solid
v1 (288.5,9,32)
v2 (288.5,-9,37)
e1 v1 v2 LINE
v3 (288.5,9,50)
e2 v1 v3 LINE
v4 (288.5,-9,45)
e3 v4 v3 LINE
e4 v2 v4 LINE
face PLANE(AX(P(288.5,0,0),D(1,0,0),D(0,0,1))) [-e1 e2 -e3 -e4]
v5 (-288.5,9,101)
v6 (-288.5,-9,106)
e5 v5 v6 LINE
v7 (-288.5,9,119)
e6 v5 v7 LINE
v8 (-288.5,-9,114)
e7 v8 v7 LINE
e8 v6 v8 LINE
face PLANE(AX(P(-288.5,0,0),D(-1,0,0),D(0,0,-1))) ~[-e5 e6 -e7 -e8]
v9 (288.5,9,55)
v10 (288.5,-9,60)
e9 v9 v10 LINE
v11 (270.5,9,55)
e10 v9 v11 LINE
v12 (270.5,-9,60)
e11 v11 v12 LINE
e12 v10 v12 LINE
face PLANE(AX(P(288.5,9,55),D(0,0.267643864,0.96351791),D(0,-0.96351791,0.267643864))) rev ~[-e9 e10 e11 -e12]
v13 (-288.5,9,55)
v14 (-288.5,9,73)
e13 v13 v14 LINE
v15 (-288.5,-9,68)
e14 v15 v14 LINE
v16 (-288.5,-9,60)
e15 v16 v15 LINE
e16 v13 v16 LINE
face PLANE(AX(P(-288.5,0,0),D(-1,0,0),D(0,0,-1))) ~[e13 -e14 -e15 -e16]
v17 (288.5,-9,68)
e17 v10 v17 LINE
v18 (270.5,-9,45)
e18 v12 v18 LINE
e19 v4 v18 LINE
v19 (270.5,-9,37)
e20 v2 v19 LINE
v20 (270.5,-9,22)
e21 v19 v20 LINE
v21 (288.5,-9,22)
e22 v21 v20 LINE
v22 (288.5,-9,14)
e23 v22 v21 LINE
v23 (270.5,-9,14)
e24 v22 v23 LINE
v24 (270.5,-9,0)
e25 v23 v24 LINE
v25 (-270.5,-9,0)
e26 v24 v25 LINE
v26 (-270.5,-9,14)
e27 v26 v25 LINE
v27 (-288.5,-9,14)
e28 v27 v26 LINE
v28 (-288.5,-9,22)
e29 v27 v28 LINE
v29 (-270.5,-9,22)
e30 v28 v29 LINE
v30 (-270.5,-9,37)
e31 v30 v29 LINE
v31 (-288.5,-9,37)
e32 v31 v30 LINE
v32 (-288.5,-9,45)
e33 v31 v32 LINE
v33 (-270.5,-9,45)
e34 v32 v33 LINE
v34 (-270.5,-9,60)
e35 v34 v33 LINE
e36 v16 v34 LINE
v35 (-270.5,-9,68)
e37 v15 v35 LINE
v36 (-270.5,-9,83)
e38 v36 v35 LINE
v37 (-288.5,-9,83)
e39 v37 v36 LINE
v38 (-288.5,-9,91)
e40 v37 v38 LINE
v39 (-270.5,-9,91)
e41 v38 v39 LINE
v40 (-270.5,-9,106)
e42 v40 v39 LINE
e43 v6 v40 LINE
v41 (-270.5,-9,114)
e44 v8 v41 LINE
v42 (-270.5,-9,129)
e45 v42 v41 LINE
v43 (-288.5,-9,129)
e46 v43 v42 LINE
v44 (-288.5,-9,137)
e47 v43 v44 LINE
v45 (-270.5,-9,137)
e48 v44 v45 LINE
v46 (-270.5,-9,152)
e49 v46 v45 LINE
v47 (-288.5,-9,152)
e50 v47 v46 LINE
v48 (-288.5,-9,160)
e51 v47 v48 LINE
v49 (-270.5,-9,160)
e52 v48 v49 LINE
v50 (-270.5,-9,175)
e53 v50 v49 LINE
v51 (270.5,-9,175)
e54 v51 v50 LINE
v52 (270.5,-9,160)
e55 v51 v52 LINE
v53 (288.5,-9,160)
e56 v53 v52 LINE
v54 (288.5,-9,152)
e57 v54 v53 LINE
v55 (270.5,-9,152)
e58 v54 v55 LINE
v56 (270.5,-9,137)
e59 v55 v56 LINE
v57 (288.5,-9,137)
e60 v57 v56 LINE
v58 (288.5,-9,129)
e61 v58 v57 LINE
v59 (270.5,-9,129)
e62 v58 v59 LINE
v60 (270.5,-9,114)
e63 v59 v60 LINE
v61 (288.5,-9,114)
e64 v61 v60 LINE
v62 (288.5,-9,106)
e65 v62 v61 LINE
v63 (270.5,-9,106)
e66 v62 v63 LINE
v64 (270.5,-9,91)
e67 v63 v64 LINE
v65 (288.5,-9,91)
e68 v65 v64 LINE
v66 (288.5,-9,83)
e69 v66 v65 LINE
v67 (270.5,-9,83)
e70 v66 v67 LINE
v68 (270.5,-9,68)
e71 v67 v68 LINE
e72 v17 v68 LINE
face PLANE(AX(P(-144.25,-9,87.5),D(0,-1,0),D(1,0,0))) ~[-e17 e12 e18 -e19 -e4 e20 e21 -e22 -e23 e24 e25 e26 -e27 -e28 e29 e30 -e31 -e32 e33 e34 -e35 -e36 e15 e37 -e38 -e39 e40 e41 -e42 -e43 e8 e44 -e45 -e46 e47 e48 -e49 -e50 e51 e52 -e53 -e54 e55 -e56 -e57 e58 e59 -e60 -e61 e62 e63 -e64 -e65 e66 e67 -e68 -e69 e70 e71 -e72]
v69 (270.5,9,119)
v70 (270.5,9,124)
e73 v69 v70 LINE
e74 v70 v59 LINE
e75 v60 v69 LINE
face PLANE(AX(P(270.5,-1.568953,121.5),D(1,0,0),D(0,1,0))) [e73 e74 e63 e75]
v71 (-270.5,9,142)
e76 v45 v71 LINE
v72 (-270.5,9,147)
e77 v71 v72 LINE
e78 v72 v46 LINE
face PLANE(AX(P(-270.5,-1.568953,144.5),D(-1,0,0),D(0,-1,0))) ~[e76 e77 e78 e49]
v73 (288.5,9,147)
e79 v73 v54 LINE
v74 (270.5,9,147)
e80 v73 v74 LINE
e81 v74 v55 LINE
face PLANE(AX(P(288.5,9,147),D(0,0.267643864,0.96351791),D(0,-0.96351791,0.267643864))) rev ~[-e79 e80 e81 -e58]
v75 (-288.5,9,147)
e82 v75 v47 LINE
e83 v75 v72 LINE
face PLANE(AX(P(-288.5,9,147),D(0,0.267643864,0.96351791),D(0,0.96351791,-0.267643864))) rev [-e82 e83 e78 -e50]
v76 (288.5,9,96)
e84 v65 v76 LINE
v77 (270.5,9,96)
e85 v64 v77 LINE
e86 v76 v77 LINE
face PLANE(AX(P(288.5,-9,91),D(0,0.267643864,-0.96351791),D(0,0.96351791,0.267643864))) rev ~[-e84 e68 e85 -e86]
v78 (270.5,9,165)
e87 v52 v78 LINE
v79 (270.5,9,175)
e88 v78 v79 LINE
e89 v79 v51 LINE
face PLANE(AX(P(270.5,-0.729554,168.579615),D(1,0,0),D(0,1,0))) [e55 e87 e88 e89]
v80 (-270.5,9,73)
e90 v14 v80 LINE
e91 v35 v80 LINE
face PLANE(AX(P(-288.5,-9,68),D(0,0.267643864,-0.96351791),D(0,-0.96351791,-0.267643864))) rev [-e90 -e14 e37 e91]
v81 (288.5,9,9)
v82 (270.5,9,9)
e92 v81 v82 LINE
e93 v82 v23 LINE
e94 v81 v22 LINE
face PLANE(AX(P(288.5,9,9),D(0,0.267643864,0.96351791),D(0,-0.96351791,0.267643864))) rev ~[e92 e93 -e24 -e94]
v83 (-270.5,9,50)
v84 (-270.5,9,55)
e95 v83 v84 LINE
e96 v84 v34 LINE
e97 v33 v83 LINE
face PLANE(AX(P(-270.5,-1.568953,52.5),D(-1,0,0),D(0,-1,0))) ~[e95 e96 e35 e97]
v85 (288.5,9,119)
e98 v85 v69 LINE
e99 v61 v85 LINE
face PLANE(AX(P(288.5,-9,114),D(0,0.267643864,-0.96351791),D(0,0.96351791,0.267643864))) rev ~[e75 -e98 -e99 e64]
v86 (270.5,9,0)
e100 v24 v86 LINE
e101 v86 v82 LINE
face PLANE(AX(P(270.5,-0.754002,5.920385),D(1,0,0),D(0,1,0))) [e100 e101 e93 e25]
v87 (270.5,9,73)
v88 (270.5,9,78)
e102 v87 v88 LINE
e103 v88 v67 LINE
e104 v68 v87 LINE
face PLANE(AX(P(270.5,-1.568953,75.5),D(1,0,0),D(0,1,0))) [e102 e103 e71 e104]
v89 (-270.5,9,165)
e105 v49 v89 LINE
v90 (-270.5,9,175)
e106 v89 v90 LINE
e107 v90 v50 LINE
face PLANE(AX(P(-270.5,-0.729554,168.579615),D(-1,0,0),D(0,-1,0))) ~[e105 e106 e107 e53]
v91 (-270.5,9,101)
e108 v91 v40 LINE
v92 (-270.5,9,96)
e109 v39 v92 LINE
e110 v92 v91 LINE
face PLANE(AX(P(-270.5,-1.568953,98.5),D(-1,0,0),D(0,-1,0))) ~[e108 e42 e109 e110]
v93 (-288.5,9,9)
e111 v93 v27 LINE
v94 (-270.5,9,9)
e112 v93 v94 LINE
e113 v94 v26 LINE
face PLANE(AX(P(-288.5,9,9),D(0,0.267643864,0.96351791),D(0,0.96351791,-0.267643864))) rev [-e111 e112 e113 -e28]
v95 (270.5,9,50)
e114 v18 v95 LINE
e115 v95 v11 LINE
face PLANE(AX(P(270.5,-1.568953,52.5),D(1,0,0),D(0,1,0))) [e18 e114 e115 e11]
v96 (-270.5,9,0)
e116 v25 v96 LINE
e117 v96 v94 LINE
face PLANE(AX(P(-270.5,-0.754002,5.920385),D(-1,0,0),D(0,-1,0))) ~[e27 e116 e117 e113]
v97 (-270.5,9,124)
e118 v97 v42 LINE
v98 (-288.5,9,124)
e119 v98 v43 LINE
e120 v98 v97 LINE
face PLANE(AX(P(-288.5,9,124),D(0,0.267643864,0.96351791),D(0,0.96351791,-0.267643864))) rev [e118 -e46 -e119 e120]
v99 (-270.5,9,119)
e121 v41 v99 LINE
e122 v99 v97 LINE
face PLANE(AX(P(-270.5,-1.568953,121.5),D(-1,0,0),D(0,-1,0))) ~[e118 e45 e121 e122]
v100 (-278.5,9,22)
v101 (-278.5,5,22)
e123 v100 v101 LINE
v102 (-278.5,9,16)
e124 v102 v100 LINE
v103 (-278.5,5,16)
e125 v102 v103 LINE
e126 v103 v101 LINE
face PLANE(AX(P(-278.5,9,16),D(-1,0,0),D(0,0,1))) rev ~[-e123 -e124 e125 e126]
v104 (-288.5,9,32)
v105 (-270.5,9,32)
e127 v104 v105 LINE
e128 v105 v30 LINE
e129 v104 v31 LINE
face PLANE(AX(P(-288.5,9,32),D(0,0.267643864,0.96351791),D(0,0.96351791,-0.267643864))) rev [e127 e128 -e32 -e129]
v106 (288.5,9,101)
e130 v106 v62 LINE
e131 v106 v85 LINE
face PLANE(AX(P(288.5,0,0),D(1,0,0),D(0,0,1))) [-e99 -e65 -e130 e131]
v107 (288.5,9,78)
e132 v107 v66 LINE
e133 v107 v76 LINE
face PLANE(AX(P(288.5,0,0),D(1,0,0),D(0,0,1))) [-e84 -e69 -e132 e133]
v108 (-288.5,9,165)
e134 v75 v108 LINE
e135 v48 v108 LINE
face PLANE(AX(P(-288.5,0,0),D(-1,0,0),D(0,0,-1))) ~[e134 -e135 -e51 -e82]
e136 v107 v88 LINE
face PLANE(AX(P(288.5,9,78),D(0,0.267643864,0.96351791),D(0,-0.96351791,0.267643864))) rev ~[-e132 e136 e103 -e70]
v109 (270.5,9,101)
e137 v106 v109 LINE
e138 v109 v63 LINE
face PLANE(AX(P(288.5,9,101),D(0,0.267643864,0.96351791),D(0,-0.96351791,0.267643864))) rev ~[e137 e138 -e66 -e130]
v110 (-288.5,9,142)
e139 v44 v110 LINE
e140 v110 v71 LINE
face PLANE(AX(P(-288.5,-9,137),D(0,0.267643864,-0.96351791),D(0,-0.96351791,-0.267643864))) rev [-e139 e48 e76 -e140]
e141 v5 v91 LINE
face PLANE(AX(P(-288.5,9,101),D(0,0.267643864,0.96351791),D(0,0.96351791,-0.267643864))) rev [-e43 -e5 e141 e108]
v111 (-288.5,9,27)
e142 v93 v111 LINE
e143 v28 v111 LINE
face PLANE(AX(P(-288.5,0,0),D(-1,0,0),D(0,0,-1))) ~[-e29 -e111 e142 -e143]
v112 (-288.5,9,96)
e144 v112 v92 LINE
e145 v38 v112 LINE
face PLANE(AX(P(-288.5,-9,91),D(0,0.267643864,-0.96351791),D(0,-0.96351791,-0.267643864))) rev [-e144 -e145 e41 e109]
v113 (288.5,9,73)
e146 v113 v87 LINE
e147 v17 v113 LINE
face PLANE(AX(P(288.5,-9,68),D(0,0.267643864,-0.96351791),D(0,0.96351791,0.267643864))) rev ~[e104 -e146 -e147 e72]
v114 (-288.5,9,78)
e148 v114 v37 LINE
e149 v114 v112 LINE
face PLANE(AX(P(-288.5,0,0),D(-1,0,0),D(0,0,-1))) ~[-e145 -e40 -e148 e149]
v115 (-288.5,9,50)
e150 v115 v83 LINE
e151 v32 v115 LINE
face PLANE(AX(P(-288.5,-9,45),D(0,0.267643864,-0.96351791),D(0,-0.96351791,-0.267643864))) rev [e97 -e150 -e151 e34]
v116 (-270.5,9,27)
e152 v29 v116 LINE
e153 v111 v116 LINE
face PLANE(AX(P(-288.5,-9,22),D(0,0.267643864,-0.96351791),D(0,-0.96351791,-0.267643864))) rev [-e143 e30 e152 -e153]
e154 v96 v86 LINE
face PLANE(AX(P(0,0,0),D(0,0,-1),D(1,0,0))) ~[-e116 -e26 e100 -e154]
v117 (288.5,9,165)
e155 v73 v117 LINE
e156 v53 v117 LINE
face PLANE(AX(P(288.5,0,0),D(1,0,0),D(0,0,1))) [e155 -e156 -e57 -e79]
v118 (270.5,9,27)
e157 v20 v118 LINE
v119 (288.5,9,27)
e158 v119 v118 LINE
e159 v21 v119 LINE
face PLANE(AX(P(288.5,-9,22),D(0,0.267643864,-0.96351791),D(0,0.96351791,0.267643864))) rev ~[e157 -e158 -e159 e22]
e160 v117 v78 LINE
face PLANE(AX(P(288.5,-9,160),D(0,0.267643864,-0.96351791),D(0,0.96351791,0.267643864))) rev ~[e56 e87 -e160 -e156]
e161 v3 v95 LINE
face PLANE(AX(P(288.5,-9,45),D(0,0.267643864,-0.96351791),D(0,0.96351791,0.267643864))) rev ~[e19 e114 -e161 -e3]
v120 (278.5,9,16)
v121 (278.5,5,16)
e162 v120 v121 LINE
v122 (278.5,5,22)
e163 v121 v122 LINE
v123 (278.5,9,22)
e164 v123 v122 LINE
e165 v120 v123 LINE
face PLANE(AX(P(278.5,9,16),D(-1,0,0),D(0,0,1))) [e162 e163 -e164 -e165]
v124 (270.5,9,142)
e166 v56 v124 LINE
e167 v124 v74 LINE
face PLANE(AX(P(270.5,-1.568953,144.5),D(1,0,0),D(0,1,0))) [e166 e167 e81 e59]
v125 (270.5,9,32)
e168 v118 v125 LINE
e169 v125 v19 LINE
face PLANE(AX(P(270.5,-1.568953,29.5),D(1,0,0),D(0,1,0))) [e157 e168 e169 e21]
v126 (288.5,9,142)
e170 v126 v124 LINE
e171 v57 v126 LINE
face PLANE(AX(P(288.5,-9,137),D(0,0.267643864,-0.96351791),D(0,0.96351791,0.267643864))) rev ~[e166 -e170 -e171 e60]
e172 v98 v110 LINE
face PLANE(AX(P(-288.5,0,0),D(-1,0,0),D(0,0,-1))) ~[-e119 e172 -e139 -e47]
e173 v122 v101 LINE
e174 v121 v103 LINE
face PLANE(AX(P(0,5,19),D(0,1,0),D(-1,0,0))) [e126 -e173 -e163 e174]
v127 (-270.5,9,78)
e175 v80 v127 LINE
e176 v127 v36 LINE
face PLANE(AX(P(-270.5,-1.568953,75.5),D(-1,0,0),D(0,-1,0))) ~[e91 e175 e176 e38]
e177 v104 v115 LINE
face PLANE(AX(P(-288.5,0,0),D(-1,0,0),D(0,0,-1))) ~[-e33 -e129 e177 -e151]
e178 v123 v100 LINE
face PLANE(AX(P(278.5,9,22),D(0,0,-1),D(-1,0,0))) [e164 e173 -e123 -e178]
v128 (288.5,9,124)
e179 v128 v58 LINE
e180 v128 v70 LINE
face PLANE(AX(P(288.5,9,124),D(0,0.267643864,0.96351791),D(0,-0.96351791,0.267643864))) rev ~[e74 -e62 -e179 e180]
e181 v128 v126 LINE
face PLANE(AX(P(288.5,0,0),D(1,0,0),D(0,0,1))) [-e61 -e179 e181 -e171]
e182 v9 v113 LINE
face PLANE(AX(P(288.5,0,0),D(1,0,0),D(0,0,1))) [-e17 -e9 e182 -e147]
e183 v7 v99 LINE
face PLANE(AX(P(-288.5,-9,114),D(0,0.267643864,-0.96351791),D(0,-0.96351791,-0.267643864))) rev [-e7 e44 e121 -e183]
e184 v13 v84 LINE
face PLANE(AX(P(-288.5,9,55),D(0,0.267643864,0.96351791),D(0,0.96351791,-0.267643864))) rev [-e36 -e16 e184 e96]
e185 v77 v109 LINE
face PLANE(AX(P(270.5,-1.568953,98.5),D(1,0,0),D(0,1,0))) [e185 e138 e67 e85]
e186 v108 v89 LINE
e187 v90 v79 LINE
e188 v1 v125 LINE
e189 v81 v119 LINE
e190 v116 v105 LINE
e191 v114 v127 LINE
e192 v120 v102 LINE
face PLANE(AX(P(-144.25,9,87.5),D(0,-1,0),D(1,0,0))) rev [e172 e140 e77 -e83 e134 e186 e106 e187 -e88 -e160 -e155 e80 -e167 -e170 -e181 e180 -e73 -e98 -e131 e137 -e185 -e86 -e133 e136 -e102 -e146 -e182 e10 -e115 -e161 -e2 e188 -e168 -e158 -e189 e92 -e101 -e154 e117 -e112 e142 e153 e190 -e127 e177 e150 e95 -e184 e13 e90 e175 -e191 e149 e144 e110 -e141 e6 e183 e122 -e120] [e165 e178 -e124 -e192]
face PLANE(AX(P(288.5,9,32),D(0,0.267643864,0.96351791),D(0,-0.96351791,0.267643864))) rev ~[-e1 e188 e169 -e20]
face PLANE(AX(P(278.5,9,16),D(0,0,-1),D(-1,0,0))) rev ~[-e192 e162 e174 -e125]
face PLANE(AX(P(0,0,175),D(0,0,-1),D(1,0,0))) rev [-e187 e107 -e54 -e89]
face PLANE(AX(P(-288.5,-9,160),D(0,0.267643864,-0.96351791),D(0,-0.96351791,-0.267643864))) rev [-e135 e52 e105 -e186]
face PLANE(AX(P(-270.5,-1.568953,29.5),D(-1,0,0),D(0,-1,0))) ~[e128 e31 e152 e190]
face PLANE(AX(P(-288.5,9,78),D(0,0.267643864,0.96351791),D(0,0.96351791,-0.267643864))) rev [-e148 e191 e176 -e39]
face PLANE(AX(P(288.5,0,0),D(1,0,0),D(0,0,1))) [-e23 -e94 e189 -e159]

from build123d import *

# Parameters (mm, degrees)
F0_W     = 288.5
F0_H     = 175
F1_DEPTH = 9
F3_DEPTH = 18
F5_W     = 557
F5_H     = 6
F6_DEPTH = 4


with BuildPart() as f1:
    # F0 (on Front) → F1 (new body, symmetric)
    with BuildSketch(Plane.XZ):
        with Locations((144.25, 87.5)):
            Rectangle(F0_W, F0_H)
    extrude(amount=F1_DEPTH, both=True)

    # F2 (on face) → F3 (cut)
    with BuildSketch(Plane.YZ.offset(288.5)):
        Polygon((-9, 175), (-9, 160), (9, 165), (9, 175), align=None)
        Polygon((9, 147), (-9, 152), (-9, 137), (9, 142), align=None)
        Polygon((9, 101), (-9, 106), (-9, 91), (9, 96), align=None)
        Polygon((9, 78), (-9, 83), (-9, 68), (9, 73), align=None)
        Polygon((9, 55), (-9, 60), (-9, 45), (9, 50), align=None)
        Polygon((9, 32), (-9, 37), (-9, 22), (9, 27), align=None)
        Polygon((9, 9), (-9, 14), (-9, 0), (9, 0), align=None)
        Polygon((9, 124), (-9, 129), (-9, 114), (9, 119), align=None)
    extrude(amount=-F3_DEPTH, mode=Mode.SUBTRACT)

    # F4: F1 across plane


with BuildPart() as f1_1:
    add(f1.part)
    add(f1.part.mirror(Plane.YZ))

    # F5 (on face) → F6 (cut)
    with BuildSketch(Plane(origin=(0, 9, 0), x_dir=(-1, 0, 0), z_dir=(0, 1, 0))):
        with Locations((0, 19)):
            Rectangle(F5_W, F5_H)
    extrude(amount=-F6_DEPTH, mode=Mode.SUBTRACT)


solid = f1_1.part
